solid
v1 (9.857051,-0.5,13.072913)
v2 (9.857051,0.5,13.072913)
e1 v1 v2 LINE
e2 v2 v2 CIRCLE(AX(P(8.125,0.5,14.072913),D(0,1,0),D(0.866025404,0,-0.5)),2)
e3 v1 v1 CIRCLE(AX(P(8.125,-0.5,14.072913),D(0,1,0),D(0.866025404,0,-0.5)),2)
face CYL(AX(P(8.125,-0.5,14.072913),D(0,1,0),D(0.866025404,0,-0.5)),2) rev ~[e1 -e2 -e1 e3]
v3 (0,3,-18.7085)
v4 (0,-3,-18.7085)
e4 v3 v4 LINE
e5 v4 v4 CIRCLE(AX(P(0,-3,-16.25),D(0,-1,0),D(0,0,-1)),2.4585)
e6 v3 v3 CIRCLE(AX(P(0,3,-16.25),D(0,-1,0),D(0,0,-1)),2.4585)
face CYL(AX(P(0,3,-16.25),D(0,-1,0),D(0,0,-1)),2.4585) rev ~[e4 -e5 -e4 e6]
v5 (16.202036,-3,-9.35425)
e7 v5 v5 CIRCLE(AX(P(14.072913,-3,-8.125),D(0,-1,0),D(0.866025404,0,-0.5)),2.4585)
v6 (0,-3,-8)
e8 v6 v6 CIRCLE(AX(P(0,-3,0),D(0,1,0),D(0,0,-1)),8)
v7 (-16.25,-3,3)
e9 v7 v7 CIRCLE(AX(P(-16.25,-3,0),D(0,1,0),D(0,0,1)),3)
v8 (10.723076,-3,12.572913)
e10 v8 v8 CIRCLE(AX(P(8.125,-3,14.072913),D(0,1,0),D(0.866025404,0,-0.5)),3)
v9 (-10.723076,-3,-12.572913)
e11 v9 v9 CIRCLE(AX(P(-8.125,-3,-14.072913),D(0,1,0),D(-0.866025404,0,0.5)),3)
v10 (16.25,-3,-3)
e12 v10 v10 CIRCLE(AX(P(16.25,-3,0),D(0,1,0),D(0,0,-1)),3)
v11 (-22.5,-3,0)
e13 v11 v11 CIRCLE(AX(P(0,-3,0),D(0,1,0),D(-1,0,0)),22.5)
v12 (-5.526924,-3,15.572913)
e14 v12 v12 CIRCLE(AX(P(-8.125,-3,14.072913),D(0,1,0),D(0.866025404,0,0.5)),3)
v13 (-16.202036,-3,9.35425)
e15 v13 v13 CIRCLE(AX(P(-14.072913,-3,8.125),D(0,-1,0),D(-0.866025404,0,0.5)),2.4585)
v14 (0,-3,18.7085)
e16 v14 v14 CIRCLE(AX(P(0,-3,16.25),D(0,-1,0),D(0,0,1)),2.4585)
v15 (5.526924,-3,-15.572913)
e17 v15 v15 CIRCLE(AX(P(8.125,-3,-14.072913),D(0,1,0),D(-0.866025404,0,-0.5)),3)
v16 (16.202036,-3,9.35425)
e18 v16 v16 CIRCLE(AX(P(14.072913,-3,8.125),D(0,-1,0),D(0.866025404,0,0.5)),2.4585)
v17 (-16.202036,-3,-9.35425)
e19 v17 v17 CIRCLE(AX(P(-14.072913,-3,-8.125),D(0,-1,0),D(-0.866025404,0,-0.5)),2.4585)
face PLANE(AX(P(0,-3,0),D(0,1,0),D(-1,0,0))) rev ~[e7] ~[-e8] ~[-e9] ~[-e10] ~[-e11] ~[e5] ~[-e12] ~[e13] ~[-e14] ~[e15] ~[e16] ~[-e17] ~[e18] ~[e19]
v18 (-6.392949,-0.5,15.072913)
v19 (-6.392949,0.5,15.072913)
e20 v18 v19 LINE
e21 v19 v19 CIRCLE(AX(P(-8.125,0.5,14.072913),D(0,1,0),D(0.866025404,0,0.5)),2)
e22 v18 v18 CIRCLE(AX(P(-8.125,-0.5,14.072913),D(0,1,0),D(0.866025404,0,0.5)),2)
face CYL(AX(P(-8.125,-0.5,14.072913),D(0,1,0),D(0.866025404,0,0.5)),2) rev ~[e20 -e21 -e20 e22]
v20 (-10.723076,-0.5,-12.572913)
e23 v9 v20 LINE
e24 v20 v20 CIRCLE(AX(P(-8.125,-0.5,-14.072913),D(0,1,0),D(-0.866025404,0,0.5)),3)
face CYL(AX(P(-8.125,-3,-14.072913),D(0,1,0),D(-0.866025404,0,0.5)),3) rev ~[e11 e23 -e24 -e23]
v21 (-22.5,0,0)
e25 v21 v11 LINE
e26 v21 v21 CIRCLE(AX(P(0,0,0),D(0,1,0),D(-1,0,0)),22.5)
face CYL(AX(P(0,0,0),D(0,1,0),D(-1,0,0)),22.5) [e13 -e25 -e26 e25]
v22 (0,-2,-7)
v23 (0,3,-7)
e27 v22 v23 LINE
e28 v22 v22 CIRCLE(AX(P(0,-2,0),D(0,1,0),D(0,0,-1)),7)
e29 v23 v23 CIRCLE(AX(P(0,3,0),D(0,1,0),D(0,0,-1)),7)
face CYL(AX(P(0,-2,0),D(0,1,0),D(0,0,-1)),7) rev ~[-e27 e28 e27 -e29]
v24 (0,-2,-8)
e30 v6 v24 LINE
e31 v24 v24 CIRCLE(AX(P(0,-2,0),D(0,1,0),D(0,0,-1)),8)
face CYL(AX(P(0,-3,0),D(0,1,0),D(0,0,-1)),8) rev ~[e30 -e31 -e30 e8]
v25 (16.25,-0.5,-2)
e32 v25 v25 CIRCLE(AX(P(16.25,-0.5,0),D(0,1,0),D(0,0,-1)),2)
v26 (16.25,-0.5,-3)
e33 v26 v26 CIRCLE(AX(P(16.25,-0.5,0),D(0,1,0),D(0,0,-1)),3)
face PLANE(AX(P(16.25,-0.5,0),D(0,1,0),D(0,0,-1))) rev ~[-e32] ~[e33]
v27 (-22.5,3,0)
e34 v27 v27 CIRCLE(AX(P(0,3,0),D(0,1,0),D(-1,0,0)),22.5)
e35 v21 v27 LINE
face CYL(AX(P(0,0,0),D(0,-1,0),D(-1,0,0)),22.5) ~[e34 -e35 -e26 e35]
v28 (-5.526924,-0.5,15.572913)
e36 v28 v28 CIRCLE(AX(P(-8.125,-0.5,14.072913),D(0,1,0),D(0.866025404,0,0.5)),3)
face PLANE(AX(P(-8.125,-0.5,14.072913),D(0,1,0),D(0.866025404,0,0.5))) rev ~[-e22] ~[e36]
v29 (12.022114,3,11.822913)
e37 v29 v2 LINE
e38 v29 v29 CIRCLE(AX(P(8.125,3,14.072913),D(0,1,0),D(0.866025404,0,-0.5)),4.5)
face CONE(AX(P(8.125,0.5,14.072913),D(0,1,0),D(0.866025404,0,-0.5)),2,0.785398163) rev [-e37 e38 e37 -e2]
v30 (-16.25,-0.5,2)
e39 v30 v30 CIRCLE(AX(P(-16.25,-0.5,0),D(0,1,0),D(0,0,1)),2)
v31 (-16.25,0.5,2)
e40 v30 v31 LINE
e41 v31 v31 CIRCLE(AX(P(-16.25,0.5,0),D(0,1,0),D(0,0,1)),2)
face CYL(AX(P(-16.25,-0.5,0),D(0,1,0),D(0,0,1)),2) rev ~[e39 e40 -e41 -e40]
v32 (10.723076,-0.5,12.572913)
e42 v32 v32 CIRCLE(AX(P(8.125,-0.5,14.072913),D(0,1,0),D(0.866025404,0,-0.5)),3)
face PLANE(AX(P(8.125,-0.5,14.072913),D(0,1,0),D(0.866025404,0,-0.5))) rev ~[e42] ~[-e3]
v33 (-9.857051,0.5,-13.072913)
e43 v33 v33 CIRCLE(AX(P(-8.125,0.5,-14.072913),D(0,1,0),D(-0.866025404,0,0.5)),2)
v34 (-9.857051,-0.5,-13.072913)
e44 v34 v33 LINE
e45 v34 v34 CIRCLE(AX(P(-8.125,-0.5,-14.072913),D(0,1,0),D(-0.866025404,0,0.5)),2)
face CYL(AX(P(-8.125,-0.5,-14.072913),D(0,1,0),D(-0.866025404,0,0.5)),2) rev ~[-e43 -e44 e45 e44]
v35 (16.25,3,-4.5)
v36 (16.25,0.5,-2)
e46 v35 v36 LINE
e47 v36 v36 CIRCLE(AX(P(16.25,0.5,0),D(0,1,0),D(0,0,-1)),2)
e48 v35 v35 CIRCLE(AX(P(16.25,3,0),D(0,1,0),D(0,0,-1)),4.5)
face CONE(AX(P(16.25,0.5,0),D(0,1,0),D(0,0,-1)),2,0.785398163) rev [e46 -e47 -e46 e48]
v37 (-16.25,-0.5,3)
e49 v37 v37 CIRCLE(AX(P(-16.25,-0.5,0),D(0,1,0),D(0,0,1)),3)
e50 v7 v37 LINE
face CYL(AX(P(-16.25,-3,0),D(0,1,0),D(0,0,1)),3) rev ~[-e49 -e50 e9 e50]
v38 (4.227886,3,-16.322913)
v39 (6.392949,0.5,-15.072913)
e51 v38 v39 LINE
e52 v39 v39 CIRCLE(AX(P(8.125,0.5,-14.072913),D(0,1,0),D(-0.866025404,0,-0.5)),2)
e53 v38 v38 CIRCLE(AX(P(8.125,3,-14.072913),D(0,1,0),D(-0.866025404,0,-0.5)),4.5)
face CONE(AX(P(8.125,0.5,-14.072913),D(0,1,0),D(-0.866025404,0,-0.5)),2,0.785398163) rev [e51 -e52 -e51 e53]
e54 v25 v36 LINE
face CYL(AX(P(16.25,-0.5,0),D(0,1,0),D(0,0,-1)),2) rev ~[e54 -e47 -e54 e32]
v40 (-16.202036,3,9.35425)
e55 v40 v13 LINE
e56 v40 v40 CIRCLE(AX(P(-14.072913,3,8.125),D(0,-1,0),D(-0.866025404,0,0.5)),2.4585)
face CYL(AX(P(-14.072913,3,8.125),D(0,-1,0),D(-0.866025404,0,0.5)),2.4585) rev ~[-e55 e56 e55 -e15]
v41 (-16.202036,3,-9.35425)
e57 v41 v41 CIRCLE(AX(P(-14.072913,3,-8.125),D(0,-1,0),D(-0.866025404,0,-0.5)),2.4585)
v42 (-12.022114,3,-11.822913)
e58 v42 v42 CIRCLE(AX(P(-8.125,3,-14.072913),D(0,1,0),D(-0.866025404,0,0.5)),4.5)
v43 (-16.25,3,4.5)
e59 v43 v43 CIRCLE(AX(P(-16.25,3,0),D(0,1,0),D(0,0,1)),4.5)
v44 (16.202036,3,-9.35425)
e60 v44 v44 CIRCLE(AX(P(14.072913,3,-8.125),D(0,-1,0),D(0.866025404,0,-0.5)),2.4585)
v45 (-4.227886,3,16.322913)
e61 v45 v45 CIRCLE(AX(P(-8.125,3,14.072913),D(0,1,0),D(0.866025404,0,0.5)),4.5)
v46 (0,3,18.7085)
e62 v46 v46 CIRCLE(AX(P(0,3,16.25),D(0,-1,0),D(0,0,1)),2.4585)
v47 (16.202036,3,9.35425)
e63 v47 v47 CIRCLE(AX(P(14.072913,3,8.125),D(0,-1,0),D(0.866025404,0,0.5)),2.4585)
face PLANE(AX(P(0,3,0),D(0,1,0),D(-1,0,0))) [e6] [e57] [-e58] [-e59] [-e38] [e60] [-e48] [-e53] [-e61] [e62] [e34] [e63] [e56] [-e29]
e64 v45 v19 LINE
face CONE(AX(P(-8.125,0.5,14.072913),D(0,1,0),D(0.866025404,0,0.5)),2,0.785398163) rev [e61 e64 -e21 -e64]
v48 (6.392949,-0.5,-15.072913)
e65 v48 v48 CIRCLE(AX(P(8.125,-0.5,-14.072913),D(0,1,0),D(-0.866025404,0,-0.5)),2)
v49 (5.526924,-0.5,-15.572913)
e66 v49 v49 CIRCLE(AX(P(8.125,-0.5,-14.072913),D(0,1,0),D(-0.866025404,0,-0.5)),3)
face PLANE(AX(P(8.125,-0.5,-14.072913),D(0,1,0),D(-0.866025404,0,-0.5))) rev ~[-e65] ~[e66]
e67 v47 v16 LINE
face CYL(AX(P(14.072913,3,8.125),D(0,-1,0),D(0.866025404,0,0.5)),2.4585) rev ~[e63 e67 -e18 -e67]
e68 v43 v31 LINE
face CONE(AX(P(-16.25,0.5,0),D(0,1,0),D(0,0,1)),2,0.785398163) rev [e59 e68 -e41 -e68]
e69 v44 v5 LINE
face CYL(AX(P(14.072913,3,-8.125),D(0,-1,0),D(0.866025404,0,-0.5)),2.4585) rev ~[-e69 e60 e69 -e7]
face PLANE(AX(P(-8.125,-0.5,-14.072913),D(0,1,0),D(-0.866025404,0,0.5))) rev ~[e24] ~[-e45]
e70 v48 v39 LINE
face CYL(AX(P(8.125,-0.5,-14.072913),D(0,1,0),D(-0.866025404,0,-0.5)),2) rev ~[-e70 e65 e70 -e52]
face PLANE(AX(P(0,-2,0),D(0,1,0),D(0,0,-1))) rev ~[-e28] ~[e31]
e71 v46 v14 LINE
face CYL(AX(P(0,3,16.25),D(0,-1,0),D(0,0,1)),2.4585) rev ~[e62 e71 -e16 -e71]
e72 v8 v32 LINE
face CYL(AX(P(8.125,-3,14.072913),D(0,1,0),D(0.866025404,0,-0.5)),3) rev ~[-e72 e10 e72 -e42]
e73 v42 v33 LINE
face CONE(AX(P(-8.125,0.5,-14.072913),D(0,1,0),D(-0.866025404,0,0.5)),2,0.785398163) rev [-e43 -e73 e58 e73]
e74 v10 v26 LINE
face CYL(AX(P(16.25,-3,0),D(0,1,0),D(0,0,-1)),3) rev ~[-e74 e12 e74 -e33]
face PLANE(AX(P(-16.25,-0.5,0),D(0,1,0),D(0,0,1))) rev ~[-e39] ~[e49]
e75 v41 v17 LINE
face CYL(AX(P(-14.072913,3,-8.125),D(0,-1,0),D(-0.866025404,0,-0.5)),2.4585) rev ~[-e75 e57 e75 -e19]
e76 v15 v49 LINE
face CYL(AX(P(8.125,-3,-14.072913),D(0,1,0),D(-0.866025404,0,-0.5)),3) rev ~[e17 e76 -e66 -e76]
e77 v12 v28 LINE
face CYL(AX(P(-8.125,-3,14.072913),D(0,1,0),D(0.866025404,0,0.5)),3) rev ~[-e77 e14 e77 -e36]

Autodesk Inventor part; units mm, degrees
ref_plane "YZ Plane" through (0, 0, 0) normal (1, 0, 0) x (0, 1, 0)
ref_plane "XZ Plane" through (0, 0, 0) normal (0, 1, 0) x (-1, 0, 0)
ref_plane "XY Plane" through (0, 0, 0) normal (0, 0, 1) x (1, 0, 0)
sketch "Sketch1" plane through (0, 0, 0) normal (0, 1, 0) x (-1, 0, 0)
  circle A0 centre (0, 0) radius 22.5
  dimension "d0" = 45
extrude "Extrusion1" add sketch "Sketch1" along normal mid plane 6
sketch "Sketch2" plane through (0, -3, 0) normal (0, -1, 0) x (1, 0, 0)
  point P0 (0, 0)
  point P1 (16.25, 0)
  dimension "d3" = 16.25
hole "Hole1" at (16.25, -3, 0) direction (0, 1, 0) diameter 4 depth 6 counterbore diameter 6 counterbore depth 2.5
chamfer "Chamfer1" distance 2.5 angle 45 1 edges at (16.25, 3, 2)
pattern_circular "Circular Pattern1" count 6 over 360 about axis through (0, 0, 0) along (0, 1, 0) of "Hole1", "Chamfer1"
sketch "Sketch3" plane through (0, 3, 0) normal (0, 1, 0) x (1, 0, 0)
  point P0 (0, 0)
  point P1 (0, -16.25)
  dimension "d17" = 16.25
hole "Hole2" at (0, 3, 16.25) direction (0, -1, 0) diameter 4.917 depth 6 thread size "M6x1" class "6H" standard "ANSI Metric M Profile"
pattern_circular "Circular Pattern2" count 6 over 360 about axis through (0, 0, 0) along (0, 1, 0) of "Hole2"
sketch "Sketch5" plane through (0, -3, 0) normal (0, -1, 0) x (1, 0, 0)
  point P0 (0, 0)
  point P1 (0, 0)
hole "Hole4" at (0, -3, 0) direction (0, 1, 0) diameter 14 depth 6 counterbore diameter 16 counterbore depth 1
properties part number "Carier_Plate_GB" material "Aluminum 6061"
